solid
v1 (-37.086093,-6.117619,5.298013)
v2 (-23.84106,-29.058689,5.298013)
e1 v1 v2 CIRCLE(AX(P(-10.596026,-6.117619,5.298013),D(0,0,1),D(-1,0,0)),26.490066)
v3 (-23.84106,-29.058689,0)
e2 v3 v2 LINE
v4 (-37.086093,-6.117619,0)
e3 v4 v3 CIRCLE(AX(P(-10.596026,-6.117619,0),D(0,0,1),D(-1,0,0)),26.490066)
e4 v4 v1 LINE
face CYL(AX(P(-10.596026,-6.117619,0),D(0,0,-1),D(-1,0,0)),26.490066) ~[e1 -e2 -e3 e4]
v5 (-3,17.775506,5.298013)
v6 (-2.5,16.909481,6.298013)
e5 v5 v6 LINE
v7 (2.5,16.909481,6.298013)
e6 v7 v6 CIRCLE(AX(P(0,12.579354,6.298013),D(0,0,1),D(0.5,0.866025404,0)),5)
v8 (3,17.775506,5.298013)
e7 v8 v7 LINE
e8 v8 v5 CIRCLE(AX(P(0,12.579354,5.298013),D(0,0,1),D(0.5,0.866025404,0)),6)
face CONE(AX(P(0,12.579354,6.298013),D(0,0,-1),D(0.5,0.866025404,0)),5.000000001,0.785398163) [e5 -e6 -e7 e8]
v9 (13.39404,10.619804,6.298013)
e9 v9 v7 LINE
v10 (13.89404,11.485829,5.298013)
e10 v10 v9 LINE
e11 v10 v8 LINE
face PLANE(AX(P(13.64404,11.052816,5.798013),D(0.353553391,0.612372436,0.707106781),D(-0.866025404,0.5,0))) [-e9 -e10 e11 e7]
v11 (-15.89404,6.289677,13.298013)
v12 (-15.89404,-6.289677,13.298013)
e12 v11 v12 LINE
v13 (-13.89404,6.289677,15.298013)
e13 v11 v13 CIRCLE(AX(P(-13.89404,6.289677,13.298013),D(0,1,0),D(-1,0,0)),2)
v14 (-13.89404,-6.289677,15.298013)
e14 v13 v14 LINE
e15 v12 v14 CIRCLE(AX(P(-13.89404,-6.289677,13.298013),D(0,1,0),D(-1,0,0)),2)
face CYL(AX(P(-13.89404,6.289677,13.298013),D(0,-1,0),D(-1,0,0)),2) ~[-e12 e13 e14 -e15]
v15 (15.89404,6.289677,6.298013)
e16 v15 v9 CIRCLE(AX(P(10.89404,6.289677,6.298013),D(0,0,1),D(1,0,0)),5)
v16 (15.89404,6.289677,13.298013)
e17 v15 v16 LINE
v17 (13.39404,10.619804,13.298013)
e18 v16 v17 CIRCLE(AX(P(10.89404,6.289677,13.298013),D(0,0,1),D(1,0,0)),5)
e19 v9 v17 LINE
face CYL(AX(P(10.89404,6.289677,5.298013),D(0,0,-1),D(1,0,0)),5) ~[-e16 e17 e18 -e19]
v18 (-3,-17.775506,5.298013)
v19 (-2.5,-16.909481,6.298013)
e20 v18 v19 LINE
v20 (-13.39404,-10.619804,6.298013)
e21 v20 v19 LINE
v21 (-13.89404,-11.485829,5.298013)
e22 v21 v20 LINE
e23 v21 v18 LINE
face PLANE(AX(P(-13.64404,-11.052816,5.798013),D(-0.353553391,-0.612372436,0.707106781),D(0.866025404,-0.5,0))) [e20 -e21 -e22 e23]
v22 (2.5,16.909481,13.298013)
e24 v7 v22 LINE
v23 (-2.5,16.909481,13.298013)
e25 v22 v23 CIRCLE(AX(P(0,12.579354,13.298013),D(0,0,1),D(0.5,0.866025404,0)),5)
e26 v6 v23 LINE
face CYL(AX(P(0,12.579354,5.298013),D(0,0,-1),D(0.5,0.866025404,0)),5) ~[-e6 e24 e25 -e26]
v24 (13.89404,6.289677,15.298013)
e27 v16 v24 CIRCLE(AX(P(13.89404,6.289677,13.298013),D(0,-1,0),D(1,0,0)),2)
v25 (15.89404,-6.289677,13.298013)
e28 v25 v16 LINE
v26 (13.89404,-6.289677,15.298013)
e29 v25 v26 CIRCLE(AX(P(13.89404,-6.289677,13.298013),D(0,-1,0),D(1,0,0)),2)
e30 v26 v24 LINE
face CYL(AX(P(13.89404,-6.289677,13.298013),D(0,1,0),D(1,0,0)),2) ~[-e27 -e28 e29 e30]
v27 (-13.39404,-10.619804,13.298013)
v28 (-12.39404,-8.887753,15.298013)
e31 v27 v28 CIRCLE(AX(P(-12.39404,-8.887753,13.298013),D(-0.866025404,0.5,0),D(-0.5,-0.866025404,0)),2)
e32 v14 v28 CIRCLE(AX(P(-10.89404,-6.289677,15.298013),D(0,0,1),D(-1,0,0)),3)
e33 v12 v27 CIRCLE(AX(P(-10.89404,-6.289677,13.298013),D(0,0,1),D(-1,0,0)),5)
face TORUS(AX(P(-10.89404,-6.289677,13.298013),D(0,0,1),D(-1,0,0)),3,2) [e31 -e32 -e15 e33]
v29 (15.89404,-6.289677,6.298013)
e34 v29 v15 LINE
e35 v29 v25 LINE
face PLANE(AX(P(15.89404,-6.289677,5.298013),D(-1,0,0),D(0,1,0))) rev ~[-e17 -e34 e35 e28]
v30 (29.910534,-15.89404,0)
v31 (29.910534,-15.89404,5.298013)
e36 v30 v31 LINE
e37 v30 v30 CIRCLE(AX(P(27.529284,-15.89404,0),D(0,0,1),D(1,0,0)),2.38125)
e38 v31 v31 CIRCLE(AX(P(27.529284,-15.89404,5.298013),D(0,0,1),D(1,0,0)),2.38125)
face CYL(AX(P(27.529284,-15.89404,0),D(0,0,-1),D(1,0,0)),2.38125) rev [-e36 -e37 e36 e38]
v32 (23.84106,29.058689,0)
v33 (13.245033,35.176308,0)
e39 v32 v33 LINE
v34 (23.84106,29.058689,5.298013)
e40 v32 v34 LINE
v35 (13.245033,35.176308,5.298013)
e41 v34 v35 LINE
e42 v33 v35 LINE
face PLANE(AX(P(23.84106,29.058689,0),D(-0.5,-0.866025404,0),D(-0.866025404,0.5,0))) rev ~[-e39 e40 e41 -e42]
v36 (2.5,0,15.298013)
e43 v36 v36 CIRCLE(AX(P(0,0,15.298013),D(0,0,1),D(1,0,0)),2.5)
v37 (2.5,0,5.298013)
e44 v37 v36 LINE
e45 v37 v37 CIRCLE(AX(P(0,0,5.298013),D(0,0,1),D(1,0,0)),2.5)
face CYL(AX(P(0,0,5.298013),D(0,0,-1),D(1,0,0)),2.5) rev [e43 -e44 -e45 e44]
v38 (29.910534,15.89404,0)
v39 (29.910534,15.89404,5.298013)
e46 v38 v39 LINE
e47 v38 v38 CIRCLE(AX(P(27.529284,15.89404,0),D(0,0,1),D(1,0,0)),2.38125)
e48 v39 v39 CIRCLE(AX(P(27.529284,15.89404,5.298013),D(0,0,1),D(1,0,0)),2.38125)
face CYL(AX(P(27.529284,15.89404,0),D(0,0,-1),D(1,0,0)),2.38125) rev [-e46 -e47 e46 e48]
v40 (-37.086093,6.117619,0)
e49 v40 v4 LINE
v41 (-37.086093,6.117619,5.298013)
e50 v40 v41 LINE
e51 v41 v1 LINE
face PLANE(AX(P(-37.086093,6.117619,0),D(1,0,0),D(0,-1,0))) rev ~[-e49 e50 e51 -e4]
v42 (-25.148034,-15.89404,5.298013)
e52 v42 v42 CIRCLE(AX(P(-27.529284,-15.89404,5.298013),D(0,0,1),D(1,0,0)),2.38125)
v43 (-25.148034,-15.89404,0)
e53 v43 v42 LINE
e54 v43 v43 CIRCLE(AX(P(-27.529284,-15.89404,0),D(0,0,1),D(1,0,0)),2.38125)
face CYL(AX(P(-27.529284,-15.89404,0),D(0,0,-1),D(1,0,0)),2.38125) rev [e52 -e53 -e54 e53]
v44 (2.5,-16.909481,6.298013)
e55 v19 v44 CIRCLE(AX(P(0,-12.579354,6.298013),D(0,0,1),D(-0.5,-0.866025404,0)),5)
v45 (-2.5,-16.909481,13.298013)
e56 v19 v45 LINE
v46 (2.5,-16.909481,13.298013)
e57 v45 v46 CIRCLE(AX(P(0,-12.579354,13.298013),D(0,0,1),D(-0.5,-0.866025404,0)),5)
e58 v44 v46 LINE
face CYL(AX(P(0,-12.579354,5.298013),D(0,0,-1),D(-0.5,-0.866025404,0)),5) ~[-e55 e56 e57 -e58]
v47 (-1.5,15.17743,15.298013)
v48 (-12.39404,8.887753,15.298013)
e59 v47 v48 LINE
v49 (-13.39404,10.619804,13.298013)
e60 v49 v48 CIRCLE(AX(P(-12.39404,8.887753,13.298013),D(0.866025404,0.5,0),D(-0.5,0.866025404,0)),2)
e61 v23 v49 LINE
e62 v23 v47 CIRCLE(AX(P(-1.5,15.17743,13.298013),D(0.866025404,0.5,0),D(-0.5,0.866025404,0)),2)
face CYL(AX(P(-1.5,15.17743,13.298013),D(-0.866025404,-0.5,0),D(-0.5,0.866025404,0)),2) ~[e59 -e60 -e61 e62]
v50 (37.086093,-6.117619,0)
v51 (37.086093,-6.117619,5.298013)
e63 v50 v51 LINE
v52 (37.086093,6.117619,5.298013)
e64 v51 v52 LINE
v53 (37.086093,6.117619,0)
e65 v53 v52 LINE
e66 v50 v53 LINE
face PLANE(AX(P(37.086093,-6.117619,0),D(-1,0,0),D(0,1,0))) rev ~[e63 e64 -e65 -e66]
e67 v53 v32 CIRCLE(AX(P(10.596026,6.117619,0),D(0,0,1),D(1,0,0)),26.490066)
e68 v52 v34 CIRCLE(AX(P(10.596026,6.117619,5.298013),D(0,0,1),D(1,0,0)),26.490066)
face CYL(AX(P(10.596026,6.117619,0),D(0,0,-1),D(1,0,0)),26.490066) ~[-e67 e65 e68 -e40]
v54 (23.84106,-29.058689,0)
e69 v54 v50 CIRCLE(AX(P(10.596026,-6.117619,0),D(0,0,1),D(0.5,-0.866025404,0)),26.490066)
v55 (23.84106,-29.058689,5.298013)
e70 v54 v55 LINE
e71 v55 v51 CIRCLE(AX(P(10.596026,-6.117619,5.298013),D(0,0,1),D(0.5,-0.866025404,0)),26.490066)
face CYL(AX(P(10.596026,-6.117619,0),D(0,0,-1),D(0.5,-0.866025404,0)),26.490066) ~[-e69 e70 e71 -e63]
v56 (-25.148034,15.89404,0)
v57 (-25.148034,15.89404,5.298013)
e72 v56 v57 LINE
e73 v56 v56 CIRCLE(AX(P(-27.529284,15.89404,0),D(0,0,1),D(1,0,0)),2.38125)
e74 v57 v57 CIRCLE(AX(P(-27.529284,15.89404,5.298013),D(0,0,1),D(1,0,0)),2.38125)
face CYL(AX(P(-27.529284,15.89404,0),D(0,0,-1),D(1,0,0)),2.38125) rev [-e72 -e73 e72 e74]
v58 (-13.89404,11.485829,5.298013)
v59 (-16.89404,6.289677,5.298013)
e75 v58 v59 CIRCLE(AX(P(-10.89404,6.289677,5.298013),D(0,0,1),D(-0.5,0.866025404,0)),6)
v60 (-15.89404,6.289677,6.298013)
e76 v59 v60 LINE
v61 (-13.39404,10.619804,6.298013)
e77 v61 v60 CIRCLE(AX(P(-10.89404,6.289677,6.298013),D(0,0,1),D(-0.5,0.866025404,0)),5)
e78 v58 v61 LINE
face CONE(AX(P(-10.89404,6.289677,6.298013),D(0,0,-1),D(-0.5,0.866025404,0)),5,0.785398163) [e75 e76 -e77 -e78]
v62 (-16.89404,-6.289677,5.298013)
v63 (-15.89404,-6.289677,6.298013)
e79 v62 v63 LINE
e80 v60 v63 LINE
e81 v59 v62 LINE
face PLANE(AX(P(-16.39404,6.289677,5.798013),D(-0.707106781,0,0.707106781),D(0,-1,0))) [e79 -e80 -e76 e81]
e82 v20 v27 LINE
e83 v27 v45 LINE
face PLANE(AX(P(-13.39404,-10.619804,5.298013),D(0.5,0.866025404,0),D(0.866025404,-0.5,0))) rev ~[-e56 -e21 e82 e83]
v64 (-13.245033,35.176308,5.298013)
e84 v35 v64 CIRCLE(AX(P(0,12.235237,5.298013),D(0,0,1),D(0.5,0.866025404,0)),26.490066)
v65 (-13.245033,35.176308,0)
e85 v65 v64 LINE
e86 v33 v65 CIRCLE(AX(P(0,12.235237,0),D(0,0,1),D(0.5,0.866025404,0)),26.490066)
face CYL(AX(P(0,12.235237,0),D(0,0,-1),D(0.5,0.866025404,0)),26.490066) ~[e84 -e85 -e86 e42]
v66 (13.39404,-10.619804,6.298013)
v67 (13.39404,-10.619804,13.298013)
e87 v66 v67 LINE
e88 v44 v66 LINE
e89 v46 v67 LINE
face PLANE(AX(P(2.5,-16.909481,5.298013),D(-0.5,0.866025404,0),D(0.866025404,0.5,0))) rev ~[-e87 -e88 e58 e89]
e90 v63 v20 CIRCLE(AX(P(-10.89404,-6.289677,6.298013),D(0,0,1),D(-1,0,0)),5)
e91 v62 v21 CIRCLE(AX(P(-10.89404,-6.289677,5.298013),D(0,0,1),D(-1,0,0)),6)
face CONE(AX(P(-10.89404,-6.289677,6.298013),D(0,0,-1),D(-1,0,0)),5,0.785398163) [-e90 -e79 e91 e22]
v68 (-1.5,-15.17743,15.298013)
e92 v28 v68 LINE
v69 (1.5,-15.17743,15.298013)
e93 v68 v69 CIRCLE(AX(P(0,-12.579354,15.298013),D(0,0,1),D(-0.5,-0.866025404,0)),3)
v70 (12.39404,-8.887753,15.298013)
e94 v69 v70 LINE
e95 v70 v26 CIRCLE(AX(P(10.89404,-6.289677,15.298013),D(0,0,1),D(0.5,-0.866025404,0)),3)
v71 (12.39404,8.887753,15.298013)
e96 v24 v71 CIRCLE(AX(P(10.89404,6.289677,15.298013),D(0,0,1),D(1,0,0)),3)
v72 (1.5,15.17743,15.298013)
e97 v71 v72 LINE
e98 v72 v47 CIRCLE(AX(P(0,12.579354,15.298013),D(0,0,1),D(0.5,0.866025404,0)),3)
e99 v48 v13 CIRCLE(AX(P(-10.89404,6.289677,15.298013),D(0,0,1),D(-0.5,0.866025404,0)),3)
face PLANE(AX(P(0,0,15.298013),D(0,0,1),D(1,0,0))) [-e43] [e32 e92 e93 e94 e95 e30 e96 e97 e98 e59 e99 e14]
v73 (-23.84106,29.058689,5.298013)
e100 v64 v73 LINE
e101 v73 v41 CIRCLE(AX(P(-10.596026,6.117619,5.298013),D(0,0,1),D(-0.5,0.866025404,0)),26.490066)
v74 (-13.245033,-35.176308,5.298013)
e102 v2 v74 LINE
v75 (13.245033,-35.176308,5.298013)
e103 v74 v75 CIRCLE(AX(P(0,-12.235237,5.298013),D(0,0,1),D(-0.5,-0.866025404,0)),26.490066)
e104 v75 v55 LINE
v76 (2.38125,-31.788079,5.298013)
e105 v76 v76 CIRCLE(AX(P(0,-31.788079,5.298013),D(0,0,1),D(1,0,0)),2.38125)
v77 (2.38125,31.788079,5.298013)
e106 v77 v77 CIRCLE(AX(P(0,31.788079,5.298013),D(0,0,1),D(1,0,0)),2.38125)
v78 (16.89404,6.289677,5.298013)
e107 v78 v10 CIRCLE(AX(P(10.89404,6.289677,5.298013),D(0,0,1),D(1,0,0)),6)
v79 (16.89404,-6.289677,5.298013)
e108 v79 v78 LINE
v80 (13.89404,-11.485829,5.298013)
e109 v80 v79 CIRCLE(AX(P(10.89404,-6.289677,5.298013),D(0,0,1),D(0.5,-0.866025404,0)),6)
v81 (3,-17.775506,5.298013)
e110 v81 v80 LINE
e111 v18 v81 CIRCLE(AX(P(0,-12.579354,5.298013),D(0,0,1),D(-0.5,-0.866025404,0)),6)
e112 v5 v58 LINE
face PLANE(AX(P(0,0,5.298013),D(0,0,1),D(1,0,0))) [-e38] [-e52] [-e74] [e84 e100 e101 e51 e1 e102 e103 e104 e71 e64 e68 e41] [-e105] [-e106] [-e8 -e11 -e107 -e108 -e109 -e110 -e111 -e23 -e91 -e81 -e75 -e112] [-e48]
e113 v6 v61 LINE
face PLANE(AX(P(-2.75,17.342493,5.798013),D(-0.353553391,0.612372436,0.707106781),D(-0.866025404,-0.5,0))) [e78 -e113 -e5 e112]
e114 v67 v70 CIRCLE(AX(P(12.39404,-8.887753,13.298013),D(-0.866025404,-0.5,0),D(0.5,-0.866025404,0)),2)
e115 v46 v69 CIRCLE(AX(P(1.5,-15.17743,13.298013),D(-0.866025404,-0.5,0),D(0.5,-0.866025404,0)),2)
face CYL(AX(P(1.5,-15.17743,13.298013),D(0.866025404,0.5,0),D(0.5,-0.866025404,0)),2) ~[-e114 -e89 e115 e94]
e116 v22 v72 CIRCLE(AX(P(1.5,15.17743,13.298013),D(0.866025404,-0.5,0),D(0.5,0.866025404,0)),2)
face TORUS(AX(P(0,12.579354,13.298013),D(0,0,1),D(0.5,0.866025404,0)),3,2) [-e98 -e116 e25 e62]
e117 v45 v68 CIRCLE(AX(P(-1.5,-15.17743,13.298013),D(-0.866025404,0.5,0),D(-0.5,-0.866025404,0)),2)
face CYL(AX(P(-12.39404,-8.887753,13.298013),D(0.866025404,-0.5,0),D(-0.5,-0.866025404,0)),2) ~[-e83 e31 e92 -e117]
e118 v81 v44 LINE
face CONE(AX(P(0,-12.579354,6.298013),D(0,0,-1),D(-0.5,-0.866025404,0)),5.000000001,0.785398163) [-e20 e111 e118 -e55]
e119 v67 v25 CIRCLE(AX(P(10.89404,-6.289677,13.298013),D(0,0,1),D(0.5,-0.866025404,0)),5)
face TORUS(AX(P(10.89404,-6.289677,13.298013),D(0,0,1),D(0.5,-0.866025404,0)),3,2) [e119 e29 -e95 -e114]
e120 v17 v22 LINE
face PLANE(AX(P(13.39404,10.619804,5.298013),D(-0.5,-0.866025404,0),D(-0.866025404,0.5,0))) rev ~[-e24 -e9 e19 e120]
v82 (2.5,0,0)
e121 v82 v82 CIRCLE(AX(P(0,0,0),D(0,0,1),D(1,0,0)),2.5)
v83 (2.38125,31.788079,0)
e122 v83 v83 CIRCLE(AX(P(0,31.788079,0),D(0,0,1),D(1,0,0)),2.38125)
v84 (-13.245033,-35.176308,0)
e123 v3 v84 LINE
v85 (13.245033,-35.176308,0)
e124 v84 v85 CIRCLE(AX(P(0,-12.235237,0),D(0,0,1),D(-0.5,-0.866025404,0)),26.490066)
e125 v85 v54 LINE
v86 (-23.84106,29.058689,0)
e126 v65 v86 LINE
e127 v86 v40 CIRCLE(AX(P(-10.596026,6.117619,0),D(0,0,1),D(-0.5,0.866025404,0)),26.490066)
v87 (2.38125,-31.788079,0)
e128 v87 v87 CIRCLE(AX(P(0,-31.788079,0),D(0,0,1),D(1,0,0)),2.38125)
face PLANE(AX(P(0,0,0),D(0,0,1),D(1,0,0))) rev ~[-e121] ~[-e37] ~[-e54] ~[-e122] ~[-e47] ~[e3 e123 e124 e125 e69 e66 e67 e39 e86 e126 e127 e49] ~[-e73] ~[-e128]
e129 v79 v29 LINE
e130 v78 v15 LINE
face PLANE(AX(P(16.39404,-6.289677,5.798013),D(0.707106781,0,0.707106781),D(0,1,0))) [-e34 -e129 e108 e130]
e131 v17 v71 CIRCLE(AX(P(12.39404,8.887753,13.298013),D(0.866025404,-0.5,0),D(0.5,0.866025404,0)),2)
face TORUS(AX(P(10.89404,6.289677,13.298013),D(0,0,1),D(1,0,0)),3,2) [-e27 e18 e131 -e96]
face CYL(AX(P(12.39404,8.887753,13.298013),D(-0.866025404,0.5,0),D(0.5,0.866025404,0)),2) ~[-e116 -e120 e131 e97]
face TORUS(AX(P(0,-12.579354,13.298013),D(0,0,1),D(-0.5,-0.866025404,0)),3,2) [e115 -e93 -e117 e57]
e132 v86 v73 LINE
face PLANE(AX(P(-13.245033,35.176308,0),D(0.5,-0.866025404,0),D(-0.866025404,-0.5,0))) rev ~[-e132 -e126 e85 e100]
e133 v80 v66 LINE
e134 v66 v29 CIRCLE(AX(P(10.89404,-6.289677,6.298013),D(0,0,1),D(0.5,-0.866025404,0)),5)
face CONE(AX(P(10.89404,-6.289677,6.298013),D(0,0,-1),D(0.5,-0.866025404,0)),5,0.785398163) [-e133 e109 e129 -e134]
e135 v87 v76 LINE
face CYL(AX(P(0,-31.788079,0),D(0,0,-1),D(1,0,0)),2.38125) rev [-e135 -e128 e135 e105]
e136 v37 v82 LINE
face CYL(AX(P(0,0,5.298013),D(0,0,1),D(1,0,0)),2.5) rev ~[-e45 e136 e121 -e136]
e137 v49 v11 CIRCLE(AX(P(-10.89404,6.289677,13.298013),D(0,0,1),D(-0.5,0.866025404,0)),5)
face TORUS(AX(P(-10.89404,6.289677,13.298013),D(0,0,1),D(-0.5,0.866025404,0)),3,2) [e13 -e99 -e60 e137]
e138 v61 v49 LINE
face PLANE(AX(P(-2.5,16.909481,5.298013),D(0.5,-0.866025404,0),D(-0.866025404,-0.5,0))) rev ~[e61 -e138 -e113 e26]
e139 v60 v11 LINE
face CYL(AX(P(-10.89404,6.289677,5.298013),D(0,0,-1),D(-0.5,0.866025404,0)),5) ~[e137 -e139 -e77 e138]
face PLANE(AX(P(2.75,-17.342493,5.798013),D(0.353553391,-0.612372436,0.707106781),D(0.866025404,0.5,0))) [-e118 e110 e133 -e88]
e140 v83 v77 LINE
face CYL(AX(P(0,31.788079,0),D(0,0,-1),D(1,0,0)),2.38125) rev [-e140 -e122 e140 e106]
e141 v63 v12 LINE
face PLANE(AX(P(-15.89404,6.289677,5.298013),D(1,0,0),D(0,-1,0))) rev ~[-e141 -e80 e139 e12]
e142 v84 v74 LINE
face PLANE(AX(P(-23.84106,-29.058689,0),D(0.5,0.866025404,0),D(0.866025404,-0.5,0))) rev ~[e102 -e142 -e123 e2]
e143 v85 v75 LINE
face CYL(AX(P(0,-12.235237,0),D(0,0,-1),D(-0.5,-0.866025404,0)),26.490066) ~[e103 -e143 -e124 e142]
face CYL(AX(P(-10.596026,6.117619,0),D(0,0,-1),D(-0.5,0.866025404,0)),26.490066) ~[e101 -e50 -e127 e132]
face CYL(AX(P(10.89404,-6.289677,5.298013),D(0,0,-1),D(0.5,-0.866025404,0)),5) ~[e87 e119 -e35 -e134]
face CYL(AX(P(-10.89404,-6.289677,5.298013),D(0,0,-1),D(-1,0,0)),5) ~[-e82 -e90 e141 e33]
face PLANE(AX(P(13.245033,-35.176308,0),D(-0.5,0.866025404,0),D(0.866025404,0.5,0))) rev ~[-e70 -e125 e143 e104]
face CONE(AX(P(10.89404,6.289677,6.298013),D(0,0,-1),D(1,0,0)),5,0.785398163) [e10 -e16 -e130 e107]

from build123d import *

# Parameters (mm, degrees)
SKETCH1_R             = 2.38125
BOSS_EXTRUDE1_DEPTH   = 5.298013245
SKETCH3_R             = 2.5
BOSS_EXTRUDE4_DEPTH   = 10
CHAMFER2_SIZE         = 1
FILLET1_R             = 2
CROQUIS1_R            = 2.5
CORTAR_EXTRUIR1_DEPTH = 10


with BuildPart() as part:
    # Sketch1 → Boss-Extrude1 (new body)
    with BuildSketch(Plane.XY):
        with BuildLine():
            Line((-13.245033113, 35.176307792), (-23.841059603, 29.058689045))
            ThreePointArc((-23.841059603, 29.058689045), (-33.537096789, 19.362651859), (-37.086092715, 6.117618746))
            Line((-37.086092715, 6.117618746), (-37.086092715, -6.117618746))
            ThreePointArc((-37.086092715, -6.117618746), (-33.537096789, -19.362651859), (-23.841059603, -29.058689045))
            Line((-23.841059603, -29.058689045), (-13.245033113, -35.176307792))
            ThreePointArc((-13.245033113, -35.176307792), (0, -38.725303718), (13.245033113, -35.176307792))
            Line((13.245033113, -35.176307792), (23.841059603, -29.058689045))
            ThreePointArc((23.841059603, -29.058689045), (33.537096789, -19.362651859), (37.086092715, -6.117618746))
            Line((37.086092715, -6.117618746), (37.086092715, 6.117618746))
            ThreePointArc((37.086092715, 6.117618746), (33.537096789, 19.362651859), (23.841059603, 29.058689045))
            Line((23.841059603, 29.058689045), (13.245033113, 35.176307792))
            ThreePointArc((13.245033113, 35.176307792), (0, 38.725303718), (-13.245033113, 35.176307792))
        make_face()
        with Locations((0, 31.78807947)):
            Circle(SKETCH1_R, mode=Mode.SUBTRACT)
        with Locations((27.529284359, 15.894039735)):
            Circle(SKETCH1_R, mode=Mode.SUBTRACT)
        with Locations((27.529284359, -15.894039735)):
            Circle(SKETCH1_R, mode=Mode.SUBTRACT)
        with Locations((0, -31.78807947)):
            Circle(SKETCH1_R, mode=Mode.SUBTRACT)
        with Locations((-27.529284359, -15.894039735)):
            Circle(SKETCH1_R, mode=Mode.SUBTRACT)
        with Locations((-27.529284359, 15.894039735)):
            Circle(SKETCH1_R, mode=Mode.SUBTRACT)
    extrude(amount=BOSS_EXTRUDE1_DEPTH)

    # Sketch3 → Boss-Extrude4 (add)
    with BuildSketch(Plane.XY.offset(5.298013245)):
        with BuildLine():
            Line((-2.5, 16.909480566), (-13.394039735, 10.619803793))
            ThreePointArc((-13.394039735, 10.619803793), (-15.224166754, 8.789676774), (-15.894039735, 6.289676774))
            Line((-15.894039735, 6.289676774), (-15.894039735, -6.289676774))
            ThreePointArc((-15.894039735, -6.289676774), (-15.224166754, -8.789676774), (-13.394039735, -10.619803793))
            Line((-13.394039735, -10.619803793), (-2.5, -16.909480566))
            ThreePointArc((-2.5, -16.909480566), (0, -17.579353547), (2.5, -16.909480566))
            Line((2.5, -16.909480566), (13.394039735, -10.619803793))
            ThreePointArc((13.394039735, -10.619803793), (15.224166754, -8.789676774), (15.894039735, -6.289676774))
            Line((15.894039735, -6.289676774), (15.894039735, 6.289676774))
            ThreePointArc((15.894039735, 6.289676774), (15.224166754, 8.789676774), (13.394039735, 10.619803793))
            Line((13.394039735, 10.619803793), (2.5, 16.909480566))
            ThreePointArc((2.5, 16.909480566), (0, 17.579353547), (-2.5, 16.909480566))
        make_face()
        Circle(SKETCH3_R, mode=Mode.SUBTRACT)
    extrude(amount=BOSS_EXTRUDE4_DEPTH)

    # Chamfer2
    chamfer2_edges = [part.edges().sort_by_distance(p)[0] for p in [
        (15.224166754, 8.789676774, 5.298013245),
        (7.947019868, 13.764642179, 5.298013245),
        (0, 17.579353547, 5.298013245),
        (-7.947019868, 13.764642179, 5.298013245),
        (-15.224166754, 8.789676774, 5.298013245),
        (-15.894039735, 0, 5.298013245),
        (-15.224166754, -8.789676774, 5.298013245),
        (-7.947019868, -13.764642179, 5.298013245),
        (0, -17.579353547, 5.298013245),
        (7.947019868, -13.764642179, 5.298013245),
        (15.224166754, -8.789676774, 5.298013245),
        (15.894039735, 0, 5.298013245),
    ]]
    chamfer(chamfer2_edges, length=CHAMFER2_SIZE)

    # Fillet1
    fillet1_edges = [part.edges().sort_by_distance(p)[0] for p in [
        (15.224166754, 8.789676774, 15.298013245),
        (7.947019868, 13.764642179, 15.298013245),
        (0, 17.579353547, 15.298013245),
        (-7.947019868, 13.764642179, 15.298013245),
        (-15.224166754, 8.789676774, 15.298013245),
        (-15.894039735, 0, 15.298013245),
        (-15.224166754, -8.789676774, 15.298013245),
        (-7.947019868, -13.764642179, 15.298013245),
        (0, -17.579353547, 15.298013245),
        (7.947019868, -13.764642179, 15.298013245),
        (15.224166754, -8.789676774, 15.298013245),
        (15.894039735, 0, 15.298013245),
    ]]
    fillet(fillet1_edges, radius=FILLET1_R)

    # Croquis1 → Cortar-Extruir1 (cut)
    with BuildSketch(Plane.XY.offset(5.298013245)):
        Circle(CROQUIS1_R)
    extrude(amount=-CORTAR_EXTRUIR1_DEPTH, mode=Mode.SUBTRACT)


solid = part.part
